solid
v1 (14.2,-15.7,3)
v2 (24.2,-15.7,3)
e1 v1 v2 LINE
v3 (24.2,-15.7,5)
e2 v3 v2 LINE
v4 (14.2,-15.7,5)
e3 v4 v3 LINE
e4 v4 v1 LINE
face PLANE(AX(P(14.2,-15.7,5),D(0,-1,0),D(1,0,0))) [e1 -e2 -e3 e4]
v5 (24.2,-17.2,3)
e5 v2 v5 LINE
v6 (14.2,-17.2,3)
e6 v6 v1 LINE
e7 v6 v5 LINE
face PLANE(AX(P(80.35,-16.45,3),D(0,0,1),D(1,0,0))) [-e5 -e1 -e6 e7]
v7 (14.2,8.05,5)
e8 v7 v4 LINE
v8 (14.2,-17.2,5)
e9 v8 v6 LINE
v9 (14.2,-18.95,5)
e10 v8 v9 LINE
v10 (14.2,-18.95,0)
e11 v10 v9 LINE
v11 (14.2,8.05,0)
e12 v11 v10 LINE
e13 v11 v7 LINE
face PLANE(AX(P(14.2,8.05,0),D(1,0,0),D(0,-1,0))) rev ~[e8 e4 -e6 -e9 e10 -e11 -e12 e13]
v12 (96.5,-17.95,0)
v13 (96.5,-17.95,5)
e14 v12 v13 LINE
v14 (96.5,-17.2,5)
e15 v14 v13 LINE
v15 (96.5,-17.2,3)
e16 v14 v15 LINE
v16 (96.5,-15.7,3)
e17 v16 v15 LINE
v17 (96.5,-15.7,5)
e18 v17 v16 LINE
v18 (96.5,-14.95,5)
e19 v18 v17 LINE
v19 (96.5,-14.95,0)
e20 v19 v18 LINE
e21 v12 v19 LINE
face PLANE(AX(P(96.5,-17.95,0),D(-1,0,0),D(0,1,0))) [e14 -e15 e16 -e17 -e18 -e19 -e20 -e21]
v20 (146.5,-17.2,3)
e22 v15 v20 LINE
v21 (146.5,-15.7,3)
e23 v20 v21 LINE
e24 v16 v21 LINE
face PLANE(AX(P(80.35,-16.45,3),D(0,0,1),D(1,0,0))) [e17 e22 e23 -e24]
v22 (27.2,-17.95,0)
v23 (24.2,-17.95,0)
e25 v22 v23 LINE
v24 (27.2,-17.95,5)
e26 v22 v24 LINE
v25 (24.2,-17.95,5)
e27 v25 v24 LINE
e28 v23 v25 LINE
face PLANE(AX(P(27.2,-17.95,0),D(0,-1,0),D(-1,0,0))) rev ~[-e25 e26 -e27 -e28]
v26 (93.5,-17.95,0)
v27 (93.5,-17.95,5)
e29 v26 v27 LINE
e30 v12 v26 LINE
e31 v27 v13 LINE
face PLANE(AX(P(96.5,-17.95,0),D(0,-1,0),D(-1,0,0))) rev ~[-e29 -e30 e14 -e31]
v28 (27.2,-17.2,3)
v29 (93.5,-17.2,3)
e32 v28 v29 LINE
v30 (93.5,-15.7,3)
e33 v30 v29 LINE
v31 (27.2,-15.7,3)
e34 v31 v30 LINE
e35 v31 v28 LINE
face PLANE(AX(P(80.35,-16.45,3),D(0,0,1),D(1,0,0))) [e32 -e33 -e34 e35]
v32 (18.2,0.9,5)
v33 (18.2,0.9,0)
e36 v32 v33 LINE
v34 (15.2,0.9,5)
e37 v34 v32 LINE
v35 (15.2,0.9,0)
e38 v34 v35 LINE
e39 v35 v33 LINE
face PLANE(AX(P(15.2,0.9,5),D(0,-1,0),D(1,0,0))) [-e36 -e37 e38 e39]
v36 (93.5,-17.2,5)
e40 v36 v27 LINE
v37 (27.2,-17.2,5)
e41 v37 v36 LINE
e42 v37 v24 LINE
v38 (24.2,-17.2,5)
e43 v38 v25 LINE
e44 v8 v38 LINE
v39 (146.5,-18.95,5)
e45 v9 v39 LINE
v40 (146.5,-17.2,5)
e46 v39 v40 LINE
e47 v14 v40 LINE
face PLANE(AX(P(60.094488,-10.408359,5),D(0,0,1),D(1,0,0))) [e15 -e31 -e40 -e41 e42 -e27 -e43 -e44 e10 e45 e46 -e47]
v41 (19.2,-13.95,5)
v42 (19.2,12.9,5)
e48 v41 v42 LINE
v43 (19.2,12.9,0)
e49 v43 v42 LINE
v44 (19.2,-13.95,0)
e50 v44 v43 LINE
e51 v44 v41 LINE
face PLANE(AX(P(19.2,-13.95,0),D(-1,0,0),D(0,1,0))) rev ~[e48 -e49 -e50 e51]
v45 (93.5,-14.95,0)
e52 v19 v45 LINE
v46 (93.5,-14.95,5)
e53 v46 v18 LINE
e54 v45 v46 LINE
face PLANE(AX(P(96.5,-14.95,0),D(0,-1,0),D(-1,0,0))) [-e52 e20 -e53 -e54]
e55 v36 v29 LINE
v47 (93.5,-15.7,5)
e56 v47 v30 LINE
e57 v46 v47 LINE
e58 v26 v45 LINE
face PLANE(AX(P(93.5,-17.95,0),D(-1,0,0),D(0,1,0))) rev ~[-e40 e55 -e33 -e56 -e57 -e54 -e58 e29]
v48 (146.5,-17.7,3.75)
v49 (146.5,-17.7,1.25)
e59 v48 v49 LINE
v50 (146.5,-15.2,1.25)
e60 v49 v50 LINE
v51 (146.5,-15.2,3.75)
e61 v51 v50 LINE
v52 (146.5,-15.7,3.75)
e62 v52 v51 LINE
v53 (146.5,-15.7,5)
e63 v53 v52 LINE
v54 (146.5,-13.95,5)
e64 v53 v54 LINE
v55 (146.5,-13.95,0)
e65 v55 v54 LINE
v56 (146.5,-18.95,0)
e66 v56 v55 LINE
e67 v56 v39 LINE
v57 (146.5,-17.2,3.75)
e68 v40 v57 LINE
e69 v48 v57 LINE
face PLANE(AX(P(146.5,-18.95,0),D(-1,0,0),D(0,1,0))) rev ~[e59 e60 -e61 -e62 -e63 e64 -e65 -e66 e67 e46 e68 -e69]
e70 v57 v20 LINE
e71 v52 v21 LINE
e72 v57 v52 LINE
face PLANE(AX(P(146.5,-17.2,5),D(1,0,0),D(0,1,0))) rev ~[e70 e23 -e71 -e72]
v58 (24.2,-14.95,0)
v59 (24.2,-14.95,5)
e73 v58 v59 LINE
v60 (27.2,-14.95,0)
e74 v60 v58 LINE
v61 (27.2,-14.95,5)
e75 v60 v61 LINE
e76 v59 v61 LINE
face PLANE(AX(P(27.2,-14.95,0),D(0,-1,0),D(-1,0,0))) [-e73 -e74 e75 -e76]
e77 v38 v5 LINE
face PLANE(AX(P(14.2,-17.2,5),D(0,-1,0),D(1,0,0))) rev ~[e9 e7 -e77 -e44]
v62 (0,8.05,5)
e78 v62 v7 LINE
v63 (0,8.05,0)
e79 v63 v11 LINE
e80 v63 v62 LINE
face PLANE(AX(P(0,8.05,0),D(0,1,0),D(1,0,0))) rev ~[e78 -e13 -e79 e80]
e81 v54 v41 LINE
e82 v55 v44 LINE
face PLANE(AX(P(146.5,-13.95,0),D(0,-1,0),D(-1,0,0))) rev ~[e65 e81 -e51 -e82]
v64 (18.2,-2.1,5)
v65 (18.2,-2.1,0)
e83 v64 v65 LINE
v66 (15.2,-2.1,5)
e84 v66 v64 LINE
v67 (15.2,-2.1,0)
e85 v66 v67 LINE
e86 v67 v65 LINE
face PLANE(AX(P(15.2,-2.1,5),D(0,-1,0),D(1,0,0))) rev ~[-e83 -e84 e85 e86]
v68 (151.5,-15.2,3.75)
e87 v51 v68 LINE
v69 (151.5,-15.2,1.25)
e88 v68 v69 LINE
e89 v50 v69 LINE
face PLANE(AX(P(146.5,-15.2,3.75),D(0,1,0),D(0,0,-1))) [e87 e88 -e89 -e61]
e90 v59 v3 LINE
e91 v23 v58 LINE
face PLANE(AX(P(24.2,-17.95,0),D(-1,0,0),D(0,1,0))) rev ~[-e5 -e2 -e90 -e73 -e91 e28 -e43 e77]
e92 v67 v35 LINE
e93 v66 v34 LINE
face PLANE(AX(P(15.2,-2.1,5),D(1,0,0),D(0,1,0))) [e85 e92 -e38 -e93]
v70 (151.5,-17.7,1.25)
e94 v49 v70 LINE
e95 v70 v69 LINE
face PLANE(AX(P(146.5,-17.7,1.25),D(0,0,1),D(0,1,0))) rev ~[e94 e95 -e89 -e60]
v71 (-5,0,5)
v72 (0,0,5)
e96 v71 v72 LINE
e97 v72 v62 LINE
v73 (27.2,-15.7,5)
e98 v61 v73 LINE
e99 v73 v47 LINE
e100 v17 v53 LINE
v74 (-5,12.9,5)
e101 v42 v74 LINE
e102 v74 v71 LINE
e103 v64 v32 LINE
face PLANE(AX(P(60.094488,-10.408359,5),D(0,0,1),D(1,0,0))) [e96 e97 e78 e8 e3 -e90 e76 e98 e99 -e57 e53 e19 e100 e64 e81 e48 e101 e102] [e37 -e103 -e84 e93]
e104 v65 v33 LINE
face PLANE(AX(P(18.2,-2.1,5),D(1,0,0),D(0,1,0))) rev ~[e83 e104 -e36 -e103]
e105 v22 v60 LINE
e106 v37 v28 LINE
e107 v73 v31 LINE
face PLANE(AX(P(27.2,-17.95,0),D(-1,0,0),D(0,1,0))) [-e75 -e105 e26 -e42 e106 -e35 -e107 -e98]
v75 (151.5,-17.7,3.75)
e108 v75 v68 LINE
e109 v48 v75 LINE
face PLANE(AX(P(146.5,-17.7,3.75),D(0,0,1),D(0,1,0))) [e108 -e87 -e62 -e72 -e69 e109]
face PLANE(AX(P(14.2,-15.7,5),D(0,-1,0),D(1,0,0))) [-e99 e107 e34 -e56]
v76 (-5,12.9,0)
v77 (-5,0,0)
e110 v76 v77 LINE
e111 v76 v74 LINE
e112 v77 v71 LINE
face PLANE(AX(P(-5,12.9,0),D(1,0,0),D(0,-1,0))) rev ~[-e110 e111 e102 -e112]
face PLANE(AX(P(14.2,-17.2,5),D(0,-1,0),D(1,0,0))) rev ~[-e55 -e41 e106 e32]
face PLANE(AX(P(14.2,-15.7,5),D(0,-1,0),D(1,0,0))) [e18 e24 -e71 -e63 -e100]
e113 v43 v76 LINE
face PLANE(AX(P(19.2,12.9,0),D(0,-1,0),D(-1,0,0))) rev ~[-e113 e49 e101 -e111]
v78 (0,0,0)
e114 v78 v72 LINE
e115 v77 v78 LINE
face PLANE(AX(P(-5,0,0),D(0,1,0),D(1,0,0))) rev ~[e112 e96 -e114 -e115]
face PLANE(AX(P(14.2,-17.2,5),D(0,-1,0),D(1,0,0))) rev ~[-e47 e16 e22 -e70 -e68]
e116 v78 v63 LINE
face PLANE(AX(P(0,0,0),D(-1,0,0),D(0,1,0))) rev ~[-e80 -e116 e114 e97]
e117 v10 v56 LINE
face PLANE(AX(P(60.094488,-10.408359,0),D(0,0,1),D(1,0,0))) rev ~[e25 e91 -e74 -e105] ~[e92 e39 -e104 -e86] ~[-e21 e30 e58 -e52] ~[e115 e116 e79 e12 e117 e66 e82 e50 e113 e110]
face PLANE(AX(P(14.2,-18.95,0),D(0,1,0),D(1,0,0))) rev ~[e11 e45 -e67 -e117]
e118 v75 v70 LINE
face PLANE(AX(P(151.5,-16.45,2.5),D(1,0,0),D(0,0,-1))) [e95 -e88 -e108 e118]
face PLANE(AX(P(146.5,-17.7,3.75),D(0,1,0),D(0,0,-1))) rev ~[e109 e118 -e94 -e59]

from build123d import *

# Parameters (mm, degrees)
BOSS_EXTRUDE1_DEPTH = 5
SKETCH2_W           = 2.5
SKETCH2_H           = 2.5
BOSS_EXTRUDE2_DEPTH = 5
SKETCH3_W           = 3
SKETCH3_H           = 3
CUT_EXTRUDE1_DEPTH  = 10
SKETCH4_W           = 132.3
SKETCH4_H           = 1.5
CUT_EXTRUDE2_DEPTH  = 2
SKETCH5_W           = 3
SKETCH5_H           = 3
CUT_EXTRUDE3_DEPTH  = 12


with BuildPart() as part:
    # Sketch1 → Boss-Extrude1 (new body)
    with BuildSketch(Plane.XY):
        Polygon((0, 6.7), (0, 8.05), (5.5, 8.05), (14.2, 8.05), (14.2, -18.95), (146.5, -18.95), (146.5, -13.95), (19.2, -13.95), (19.2, 12.9), (5.5, 12.9), (-5, 12.9), (-5, 0), (0, 0), align=None)
    extrude(amount=BOSS_EXTRUDE1_DEPTH)

    # Sketch2 → Boss-Extrude2 (add)
    with BuildSketch(Plane(origin=(146.5, 0, 0), x_dir=(0, 0, -1), z_dir=(1, 0, 0))):
        with Locations((-2.5, -16.45)):
            Rectangle(SKETCH2_W, SKETCH2_H)
    extrude(amount=BOSS_EXTRUDE2_DEPTH)

    # Sketch3 → Cut-Extrude1 (cut)
    with BuildSketch(Plane.XY.offset(5)):
        with Locations((16.7, -0.6)):
            Rectangle(SKETCH3_W, SKETCH3_H)
    extrude(amount=-CUT_EXTRUDE1_DEPTH, mode=Mode.SUBTRACT)

    # Sketch4 → Cut-Extrude2 (cut)
    with BuildSketch(Plane.XY.offset(5)):
        with Locations((80.35, -16.45)):
            Rectangle(SKETCH4_W, SKETCH4_H)
    extrude(amount=-CUT_EXTRUDE2_DEPTH, mode=Mode.SUBTRACT)

    # Sketch5 → Cut-Extrude3 (cut)
    with BuildSketch(Plane(origin=(0, 0, 0), x_dir=(-1, 0, 0), z_dir=(0, 0, -1))):
        with Locations((-25.7, -16.45)):
            Rectangle(SKETCH5_W, SKETCH5_H)
        with Locations((-95, -16.45)):
            Rectangle(SKETCH5_W, SKETCH5_H)
    extrude(amount=-CUT_EXTRUDE3_DEPTH, mode=Mode.SUBTRACT)


solid = part.part
